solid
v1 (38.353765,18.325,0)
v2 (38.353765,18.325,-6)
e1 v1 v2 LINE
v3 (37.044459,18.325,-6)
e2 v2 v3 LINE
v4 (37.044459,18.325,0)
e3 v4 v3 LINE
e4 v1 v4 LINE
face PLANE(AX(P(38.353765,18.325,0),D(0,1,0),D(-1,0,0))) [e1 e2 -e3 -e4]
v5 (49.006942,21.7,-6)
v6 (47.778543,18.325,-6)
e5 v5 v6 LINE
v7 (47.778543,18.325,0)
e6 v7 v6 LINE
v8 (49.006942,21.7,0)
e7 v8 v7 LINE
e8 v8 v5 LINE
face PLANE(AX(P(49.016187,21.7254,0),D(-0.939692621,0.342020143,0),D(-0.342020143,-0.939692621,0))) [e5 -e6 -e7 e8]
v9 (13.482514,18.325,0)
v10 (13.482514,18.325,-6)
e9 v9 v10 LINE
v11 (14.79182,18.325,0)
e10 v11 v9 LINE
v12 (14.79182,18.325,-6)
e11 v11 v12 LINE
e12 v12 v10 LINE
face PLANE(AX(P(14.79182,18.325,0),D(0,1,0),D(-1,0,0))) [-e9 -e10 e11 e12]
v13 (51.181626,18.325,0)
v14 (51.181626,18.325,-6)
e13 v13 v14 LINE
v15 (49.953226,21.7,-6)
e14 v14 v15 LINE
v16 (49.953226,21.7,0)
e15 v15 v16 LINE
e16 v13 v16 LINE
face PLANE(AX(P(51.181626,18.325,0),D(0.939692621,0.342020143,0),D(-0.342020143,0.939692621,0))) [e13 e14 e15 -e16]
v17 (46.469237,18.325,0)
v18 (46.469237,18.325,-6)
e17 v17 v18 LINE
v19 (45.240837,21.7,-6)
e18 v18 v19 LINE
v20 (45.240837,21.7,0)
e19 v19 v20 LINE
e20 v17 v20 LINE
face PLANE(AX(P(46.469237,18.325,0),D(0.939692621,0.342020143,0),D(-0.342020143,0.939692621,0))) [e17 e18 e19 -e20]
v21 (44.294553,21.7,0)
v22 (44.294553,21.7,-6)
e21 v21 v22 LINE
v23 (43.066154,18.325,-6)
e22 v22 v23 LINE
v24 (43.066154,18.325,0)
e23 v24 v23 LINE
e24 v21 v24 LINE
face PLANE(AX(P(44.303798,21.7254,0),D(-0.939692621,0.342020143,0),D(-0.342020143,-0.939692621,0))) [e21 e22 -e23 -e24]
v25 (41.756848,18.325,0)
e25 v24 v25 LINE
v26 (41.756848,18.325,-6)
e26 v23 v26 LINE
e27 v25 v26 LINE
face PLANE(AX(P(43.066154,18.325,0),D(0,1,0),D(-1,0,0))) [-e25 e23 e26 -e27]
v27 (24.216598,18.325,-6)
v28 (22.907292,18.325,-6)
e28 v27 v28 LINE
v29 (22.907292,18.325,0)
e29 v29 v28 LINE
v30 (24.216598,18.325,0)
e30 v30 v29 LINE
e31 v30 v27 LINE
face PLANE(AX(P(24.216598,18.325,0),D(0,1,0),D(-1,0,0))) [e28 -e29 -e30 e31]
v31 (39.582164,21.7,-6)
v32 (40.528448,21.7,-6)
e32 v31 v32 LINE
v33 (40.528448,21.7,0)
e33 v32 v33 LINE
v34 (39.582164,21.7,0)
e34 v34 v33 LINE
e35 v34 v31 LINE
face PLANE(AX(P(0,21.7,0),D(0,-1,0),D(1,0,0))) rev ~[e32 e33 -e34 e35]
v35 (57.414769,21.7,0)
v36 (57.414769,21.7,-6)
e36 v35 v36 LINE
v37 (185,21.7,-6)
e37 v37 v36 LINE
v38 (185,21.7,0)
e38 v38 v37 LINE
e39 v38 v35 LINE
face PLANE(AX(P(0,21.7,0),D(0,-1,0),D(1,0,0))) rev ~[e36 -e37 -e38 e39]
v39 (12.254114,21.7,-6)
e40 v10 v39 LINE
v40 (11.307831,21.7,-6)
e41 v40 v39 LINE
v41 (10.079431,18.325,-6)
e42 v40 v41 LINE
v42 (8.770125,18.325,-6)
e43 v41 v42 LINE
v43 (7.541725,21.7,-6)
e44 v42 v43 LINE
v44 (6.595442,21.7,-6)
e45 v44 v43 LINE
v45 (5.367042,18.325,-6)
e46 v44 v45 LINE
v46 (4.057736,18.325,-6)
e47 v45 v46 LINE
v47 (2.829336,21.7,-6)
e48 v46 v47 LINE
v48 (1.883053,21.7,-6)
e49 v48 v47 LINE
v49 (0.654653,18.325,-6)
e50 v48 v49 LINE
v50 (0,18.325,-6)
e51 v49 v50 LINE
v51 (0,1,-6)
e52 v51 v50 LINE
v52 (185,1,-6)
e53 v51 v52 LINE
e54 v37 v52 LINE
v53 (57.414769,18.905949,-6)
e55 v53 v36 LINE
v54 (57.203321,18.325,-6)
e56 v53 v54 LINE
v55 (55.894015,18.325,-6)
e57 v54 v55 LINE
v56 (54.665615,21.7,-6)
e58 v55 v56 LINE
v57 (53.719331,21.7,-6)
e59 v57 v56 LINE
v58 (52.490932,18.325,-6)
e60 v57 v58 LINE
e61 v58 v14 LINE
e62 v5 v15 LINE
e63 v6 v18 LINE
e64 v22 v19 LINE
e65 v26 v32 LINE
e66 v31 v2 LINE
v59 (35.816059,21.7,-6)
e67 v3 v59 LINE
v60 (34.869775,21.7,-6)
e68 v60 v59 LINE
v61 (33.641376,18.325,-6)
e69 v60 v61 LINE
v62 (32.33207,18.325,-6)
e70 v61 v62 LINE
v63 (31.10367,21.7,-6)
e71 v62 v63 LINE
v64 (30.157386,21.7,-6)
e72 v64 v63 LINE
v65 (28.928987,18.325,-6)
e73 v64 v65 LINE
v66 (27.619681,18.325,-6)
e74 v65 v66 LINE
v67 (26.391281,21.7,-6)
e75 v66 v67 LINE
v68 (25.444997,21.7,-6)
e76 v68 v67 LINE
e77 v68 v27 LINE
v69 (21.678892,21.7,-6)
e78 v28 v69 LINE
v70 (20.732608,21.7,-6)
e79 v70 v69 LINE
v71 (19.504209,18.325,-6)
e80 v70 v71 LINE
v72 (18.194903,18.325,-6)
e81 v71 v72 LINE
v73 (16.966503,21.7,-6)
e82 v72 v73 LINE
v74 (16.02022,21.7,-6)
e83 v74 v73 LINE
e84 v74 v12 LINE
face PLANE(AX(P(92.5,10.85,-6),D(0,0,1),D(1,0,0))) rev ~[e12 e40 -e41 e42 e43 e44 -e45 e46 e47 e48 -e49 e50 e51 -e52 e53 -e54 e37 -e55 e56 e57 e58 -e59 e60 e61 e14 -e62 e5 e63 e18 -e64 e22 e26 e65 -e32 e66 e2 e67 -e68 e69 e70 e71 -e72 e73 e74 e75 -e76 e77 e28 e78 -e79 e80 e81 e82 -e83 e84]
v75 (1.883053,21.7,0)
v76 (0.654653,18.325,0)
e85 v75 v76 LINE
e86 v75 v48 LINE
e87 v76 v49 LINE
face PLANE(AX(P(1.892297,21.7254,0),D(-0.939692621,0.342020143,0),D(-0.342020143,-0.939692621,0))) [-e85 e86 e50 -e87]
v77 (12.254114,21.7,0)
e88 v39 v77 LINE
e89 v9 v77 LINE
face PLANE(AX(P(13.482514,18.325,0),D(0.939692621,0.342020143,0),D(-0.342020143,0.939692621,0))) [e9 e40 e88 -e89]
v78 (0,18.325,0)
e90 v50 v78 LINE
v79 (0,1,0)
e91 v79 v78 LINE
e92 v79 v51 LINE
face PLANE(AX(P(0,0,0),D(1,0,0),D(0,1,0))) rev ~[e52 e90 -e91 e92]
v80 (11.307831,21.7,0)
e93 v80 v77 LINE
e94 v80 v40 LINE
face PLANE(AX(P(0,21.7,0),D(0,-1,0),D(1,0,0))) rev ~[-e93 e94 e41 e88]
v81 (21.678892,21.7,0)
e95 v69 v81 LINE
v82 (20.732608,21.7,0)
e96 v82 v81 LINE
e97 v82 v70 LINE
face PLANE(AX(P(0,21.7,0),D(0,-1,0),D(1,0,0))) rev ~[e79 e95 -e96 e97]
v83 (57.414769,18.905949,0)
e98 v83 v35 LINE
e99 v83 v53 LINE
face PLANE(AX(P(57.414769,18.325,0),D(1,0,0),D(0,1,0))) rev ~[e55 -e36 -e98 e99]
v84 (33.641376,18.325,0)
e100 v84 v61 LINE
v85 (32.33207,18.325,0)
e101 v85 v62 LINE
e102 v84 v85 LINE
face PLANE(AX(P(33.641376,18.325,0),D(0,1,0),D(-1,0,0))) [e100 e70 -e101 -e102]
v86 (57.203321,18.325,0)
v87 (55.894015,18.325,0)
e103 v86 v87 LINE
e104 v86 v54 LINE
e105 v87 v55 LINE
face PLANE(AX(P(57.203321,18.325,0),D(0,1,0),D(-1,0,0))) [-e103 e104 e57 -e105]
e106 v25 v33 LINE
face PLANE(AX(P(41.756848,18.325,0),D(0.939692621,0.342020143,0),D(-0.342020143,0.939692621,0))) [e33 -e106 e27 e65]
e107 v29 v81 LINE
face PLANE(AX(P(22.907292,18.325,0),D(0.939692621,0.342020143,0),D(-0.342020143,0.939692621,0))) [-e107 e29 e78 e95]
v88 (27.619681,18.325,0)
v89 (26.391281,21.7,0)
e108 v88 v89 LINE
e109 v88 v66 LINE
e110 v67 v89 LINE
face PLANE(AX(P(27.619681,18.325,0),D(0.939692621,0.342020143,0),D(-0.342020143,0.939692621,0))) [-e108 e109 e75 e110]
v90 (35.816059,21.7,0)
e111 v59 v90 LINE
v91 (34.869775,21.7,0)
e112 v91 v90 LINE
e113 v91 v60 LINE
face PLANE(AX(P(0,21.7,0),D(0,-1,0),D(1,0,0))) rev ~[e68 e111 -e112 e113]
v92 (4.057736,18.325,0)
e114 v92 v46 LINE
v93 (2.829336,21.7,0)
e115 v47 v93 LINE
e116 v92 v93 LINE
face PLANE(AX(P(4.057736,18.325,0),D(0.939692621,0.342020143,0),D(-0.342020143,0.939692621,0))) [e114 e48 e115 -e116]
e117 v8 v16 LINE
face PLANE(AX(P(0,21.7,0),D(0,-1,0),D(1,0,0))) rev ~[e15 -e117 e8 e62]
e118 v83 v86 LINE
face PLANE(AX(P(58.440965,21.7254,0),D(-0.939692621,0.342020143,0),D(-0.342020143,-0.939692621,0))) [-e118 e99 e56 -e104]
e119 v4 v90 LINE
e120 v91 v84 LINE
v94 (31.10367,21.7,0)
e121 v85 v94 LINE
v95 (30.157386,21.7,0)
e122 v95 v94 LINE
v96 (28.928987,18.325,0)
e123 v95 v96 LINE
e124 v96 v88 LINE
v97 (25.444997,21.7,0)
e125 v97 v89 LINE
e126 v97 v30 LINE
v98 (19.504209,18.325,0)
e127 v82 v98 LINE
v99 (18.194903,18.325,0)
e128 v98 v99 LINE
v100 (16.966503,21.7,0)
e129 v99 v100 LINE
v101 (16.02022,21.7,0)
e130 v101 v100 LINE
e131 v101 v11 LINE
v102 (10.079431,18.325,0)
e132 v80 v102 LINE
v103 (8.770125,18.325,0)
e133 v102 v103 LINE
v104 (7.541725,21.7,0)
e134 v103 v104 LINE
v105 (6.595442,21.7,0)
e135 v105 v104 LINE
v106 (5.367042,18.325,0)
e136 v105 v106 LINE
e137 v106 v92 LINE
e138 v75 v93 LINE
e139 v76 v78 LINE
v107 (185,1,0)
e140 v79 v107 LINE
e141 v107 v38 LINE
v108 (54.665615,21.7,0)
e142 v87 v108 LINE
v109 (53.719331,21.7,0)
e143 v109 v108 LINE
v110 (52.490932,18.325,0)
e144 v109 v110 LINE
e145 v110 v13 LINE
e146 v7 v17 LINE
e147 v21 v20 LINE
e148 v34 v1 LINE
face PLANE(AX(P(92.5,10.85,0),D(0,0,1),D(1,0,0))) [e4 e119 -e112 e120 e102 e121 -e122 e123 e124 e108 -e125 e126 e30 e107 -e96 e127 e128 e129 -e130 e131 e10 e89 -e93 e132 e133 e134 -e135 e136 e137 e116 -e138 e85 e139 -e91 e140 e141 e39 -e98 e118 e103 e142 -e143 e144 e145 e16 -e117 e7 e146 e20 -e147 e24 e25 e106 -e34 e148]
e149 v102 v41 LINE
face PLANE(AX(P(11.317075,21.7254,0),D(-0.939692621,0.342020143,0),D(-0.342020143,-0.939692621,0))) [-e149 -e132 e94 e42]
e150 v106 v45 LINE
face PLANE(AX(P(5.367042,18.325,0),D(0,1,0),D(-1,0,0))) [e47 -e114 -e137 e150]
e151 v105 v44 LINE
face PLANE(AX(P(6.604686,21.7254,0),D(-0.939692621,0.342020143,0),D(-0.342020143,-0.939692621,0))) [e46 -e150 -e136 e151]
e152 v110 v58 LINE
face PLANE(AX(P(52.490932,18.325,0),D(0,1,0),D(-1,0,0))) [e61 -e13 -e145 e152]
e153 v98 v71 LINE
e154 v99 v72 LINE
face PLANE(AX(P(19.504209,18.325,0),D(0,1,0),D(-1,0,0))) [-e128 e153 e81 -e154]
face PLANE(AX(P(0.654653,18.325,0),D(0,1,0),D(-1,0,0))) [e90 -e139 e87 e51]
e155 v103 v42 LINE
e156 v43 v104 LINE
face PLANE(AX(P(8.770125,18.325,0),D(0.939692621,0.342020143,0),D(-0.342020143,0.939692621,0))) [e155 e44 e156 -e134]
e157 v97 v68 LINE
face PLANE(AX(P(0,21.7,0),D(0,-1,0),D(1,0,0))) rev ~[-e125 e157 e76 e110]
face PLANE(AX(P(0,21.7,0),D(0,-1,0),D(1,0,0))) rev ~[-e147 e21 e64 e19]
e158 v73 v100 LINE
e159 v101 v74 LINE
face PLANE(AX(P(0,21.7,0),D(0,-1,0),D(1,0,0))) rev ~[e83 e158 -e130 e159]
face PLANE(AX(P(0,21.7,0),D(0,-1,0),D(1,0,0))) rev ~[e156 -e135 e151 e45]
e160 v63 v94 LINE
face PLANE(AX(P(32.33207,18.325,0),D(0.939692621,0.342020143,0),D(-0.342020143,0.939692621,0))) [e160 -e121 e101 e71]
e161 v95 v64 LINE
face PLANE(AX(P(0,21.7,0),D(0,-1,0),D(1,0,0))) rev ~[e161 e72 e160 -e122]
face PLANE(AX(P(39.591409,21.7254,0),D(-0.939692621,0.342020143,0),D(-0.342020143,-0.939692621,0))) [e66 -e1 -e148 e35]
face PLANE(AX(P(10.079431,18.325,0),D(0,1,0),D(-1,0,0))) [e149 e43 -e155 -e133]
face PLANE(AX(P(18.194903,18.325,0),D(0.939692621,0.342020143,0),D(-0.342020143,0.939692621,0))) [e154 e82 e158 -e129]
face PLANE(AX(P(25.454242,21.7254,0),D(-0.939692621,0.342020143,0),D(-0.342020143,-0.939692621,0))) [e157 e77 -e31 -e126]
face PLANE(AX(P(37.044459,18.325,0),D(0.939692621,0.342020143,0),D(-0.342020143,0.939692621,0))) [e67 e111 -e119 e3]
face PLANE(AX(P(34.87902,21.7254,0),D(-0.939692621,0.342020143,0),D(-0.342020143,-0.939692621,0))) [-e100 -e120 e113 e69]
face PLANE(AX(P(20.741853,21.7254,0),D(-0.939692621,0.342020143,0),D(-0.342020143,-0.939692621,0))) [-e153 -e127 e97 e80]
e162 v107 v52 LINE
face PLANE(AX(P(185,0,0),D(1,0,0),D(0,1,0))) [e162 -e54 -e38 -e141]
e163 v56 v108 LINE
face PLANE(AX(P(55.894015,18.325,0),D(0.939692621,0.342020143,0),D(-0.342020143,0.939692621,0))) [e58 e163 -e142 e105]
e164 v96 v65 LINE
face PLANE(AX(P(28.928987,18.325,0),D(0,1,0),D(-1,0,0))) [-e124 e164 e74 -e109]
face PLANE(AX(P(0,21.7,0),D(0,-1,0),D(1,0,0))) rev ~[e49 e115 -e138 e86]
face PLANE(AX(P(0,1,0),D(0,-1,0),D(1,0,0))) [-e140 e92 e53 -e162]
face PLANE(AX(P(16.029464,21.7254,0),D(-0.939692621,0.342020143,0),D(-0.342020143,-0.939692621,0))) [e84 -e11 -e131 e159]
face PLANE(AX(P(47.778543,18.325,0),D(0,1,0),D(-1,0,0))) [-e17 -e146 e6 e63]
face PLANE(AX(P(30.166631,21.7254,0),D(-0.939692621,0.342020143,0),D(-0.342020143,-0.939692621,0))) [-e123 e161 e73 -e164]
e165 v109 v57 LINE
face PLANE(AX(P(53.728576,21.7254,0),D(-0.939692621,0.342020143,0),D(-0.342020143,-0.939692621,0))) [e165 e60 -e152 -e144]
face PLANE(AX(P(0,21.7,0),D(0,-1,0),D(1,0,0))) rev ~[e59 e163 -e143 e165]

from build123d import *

# Parameters (mm, degrees)
BLANKSKE_W              = 185
BLANKSKE_H              = 21.7
BLANK_DEPTH             = 6
TOOTHCUTSIM_DEPTH       = 187.364937689
TEETHCUTS_COUNT         = 40
TEETHCUTS_PITCH         = 4.712388975
ESQUISSE2_W             = 127.585231164
ESQUISSE2_H             = 3.375
BOSS_EXTRU_1_DEPTH      = 6
ESQUISSE3_W             = 185
ESQUISSE3_H             = 1
ENL_V_MAT_EXTRU_1_DEPTH = 6


with BuildPart() as part:
    # BlankSke → Blank (new body)
    with BuildSketch(Plane.XY):
        with Locations((92.5, 10.85)):
            Rectangle(BLANKSKE_W, BLANKSKE_H)
    extrude(amount=-BLANK_DEPTH)

    # TooCutSkeSim → ToothCutSim (cut, through all)
    with BuildSketch(Plane.XY):
        Polygon((0.654653055, 18.325), (-0.654653055, 18.325), (-1.892297439, 21.7254), (1.892297439, 21.7254), align=None)
    toothcutsim = extrude(amount=-TOOTHCUTSIM_DEPTH, mode=Mode.SUBTRACT)

    # TeethCuts: ToothCutSim ×40
    with Locations(*[(i * TEETHCUTS_PITCH, 0, 0) for i in range(1, TEETHCUTS_COUNT)]):
        add(toothcutsim, mode=Mode.SUBTRACT)

    # Esquisse2 → Boss.-Extru.1 (add)
    with BuildSketch(Plane.XY):
        with Locations((121.207384418, 20.0125)):
            Rectangle(ESQUISSE2_W, ESQUISSE2_H)
    extrude(amount=-BOSS_EXTRU_1_DEPTH)

    # Esquisse3 → Enlèv. mat.-Extru.1 (cut)
    with BuildSketch(Plane.XY):
        with Locations((92.5, 0.5)):
            Rectangle(ESQUISSE3_W, ESQUISSE3_H)
    extrude(amount=-ENL_V_MAT_EXTRU_1_DEPTH, mode=Mode.SUBTRACT)


solid = part.part
